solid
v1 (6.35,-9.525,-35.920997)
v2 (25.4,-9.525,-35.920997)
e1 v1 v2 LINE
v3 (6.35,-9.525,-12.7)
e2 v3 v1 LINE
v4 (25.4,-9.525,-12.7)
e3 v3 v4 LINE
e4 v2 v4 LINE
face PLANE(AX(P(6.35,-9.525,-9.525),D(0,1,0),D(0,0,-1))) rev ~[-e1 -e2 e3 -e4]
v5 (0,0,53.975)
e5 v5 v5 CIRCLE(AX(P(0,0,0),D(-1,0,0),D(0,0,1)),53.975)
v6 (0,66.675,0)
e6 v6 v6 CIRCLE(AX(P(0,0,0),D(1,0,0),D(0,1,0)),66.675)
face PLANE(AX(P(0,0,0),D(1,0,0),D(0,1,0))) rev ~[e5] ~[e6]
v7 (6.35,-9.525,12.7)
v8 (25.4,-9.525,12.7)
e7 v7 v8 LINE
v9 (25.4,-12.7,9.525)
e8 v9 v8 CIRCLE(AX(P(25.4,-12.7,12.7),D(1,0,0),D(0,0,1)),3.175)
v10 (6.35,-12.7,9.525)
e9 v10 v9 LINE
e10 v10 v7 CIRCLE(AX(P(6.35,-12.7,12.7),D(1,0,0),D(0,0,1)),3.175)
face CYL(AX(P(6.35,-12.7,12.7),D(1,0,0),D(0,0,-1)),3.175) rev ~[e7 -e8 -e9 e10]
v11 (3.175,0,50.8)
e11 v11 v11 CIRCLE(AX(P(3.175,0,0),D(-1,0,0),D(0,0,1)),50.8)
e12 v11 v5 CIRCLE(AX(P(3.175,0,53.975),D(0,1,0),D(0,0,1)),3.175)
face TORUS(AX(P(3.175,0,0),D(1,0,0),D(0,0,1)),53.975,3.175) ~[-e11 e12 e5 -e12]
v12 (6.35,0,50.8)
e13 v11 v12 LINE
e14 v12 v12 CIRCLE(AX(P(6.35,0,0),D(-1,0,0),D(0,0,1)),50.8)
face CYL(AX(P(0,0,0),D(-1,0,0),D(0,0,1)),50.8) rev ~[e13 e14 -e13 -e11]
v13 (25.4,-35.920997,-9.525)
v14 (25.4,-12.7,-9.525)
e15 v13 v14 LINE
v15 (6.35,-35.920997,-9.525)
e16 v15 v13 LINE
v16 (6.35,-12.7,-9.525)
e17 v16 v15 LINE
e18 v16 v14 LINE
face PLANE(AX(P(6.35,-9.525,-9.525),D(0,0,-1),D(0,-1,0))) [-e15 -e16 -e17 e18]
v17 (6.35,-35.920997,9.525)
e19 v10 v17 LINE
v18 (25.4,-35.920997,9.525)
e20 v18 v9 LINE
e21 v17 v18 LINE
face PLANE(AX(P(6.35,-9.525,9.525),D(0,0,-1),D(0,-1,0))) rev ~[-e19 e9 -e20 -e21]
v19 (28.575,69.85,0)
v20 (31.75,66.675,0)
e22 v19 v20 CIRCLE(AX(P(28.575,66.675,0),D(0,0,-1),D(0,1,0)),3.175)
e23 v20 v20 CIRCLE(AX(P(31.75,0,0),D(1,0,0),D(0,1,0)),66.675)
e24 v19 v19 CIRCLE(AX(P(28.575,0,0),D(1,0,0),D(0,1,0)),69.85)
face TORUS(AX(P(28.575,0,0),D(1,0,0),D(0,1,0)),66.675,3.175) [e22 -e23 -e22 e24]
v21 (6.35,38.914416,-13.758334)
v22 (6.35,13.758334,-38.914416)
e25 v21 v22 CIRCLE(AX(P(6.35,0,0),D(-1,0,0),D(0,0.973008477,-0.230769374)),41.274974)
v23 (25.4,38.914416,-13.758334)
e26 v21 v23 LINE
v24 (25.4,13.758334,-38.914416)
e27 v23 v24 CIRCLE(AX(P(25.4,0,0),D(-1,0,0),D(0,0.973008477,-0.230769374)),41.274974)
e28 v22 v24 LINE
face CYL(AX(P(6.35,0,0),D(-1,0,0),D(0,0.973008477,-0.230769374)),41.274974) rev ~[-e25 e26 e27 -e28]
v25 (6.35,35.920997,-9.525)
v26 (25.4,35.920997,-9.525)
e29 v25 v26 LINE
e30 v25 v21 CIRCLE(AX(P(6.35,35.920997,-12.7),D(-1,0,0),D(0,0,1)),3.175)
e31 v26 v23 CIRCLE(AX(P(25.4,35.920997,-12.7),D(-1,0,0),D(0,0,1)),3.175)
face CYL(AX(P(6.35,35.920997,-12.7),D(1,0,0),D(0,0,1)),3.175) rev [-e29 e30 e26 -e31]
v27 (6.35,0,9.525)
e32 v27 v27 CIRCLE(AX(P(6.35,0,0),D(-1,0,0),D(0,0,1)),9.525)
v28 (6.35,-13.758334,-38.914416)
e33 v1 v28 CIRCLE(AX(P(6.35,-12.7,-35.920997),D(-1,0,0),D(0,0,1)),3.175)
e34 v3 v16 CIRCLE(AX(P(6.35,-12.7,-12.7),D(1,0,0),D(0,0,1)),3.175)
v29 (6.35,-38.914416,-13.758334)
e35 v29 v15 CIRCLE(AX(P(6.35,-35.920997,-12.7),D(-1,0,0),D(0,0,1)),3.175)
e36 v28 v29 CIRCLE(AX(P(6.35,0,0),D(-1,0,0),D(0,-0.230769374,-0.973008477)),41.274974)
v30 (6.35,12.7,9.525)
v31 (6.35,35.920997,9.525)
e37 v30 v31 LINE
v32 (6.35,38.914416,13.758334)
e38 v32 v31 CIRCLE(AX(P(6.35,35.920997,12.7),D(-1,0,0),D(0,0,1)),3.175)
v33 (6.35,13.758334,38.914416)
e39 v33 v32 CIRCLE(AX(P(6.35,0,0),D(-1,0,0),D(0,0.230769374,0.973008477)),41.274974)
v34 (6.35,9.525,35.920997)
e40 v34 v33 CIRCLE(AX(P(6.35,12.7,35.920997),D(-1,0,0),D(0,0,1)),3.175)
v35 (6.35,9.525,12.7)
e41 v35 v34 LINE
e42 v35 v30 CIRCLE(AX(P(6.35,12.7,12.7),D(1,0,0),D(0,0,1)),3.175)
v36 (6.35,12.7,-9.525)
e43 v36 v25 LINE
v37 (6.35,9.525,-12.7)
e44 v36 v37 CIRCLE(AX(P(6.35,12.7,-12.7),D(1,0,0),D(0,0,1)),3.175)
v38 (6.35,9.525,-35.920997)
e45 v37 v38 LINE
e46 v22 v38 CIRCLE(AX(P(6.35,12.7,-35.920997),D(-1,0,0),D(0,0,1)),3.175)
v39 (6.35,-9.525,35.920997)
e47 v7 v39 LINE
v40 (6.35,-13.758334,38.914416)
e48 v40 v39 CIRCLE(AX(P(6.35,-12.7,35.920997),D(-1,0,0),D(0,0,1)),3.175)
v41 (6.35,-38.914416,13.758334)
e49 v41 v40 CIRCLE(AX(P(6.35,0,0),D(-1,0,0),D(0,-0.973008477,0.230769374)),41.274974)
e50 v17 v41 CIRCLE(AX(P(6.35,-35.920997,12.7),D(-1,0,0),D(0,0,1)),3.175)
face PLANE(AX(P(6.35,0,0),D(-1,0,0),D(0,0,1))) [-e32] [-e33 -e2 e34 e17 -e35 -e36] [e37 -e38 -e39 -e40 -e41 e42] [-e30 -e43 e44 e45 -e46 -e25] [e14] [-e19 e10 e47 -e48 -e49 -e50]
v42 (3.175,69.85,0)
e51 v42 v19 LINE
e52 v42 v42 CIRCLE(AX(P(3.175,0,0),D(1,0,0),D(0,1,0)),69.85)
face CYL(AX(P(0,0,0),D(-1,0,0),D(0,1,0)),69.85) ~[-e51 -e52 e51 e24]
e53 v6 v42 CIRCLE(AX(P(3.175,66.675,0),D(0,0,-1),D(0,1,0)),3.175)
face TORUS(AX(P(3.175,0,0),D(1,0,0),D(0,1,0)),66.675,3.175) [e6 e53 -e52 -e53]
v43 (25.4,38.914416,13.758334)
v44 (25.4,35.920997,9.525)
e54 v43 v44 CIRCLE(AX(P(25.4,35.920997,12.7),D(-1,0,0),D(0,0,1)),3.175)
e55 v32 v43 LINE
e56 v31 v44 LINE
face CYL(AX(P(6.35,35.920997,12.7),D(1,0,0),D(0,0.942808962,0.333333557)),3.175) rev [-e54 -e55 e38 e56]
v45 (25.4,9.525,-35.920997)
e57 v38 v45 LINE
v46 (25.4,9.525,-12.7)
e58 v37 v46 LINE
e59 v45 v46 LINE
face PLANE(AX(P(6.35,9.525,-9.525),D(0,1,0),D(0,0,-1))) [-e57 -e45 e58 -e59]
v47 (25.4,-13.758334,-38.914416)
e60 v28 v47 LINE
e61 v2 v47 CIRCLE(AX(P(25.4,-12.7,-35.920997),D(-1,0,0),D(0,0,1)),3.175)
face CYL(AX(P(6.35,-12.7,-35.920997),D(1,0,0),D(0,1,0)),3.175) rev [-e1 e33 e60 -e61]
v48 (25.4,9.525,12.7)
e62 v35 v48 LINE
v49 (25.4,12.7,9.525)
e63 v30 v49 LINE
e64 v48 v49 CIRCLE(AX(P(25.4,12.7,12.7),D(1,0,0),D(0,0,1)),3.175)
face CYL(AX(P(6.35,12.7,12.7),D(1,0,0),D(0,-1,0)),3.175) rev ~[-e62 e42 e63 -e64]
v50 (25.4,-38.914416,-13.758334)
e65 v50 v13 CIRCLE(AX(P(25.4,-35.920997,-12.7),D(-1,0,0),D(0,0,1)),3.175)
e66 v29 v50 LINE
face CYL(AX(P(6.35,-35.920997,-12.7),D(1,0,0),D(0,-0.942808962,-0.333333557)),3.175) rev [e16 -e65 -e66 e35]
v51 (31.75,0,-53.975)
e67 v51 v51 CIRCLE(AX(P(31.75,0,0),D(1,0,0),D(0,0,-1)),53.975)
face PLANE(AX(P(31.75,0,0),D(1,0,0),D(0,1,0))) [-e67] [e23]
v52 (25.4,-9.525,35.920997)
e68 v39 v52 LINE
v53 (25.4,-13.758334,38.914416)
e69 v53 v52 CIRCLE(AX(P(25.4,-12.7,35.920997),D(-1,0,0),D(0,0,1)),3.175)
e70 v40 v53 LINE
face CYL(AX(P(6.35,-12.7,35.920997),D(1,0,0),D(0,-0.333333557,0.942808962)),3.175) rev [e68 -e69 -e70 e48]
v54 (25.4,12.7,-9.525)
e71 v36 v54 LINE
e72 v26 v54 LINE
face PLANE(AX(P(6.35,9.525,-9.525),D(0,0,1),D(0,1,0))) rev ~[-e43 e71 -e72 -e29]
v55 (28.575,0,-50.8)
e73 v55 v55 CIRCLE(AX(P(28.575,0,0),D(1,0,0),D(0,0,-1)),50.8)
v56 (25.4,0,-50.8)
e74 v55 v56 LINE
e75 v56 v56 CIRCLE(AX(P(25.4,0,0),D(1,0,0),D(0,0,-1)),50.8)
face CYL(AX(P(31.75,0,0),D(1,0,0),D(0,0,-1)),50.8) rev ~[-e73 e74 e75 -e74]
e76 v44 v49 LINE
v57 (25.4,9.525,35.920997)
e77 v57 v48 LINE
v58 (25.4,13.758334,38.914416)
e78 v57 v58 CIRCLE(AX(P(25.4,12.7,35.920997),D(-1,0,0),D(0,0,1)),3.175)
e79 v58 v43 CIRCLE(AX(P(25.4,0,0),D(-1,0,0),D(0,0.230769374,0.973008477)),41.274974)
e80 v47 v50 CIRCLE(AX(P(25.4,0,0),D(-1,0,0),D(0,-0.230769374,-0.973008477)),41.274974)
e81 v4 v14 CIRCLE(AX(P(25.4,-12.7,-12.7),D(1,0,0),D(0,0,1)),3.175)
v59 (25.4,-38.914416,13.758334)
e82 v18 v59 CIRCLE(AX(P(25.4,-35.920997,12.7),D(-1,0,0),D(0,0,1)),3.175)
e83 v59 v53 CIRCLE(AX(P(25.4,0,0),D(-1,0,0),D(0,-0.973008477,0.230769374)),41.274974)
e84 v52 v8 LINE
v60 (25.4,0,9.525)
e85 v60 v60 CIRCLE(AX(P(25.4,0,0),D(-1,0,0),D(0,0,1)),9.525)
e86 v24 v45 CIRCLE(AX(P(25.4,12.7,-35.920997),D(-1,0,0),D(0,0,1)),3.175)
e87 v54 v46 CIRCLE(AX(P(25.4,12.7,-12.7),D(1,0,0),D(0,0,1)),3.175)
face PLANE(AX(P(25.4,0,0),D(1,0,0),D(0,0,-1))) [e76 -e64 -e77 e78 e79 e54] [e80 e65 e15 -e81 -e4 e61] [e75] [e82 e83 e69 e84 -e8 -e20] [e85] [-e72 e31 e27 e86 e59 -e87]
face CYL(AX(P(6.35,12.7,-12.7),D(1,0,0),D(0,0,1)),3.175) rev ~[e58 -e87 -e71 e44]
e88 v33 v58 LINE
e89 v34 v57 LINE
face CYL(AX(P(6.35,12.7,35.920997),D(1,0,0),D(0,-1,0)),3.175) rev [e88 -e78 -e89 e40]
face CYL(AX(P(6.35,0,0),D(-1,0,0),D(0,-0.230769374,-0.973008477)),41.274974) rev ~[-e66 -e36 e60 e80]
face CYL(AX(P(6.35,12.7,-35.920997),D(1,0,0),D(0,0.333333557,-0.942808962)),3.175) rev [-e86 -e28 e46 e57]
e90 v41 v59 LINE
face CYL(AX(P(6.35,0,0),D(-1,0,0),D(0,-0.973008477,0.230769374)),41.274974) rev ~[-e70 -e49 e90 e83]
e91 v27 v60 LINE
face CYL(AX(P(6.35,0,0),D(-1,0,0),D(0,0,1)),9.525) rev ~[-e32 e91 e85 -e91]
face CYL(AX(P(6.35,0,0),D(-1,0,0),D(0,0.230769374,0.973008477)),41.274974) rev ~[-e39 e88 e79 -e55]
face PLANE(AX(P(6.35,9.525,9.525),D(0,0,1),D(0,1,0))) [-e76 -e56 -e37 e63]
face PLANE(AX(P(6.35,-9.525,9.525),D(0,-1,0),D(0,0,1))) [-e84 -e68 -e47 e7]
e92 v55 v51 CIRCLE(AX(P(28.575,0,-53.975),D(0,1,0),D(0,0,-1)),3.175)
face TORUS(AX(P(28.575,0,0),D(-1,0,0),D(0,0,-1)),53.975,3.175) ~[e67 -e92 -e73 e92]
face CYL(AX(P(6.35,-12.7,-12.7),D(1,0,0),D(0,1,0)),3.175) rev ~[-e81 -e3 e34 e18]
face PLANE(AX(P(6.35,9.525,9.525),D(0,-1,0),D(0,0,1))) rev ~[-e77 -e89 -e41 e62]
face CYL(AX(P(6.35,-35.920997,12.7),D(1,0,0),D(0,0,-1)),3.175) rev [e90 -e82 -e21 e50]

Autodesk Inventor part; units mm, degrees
ref_plane "YZ Plane" through (0, 0, 0) normal (1, 0, 0) x (0, 1, 0)
ref_plane "XZ Plane" through (0, 0, 0) normal (0, 1, 0) x (-1, 0, 0)
ref_plane "XY Plane" through (0, 0, 0) normal (0, 0, 1) x (1, 0, 0)
sketch "Sketch1" plane through (0, 0, 0) normal (1, 0, 0) x (0, 1, 0)
  point P0 (0, 0)
sketch "Sketch2" plane through (0, 0, 0) normal (1, 0, 0) x (0, 1, 0)
  circle A0 centre (0, 0) radius 69.85
  dimension "d0" = 139.7
extrude "Extrusion1" add sketch "Sketch2" along normal blind 31.75
sketch "Sketch3" plane through (0, 0, 0) normal (-1, 0, 0) x (0, 0, 1)
  circle A0 centre (0, 0) radius 50.8
  dimension "d3" = 101.6
extrude "Extrusion2" cut sketch "Sketch3" against normal blind 6.35
sketch "Sketch4" plane through (31.75, 0, 0) normal (1, 0, 0) x (0, 0, -1)
  circle A0 centre (0, 0) radius 50.8
  dimension "d6" = 101.6
extrude "Extrusion3" cut sketch "Sketch4" against normal blind 6.35
sketch "Sketch5" plane through (6.35, 0, 0) normal (-1, 0, 0) x (0, 0, 1)
  circle A0 centre (0, 0) radius 9.525
  line L0 (9.525, 0) -> (9.525, 40.1609)
  circle A1 centre (0, 0) radius 50.8 projected
  line L1 (9.525, -9.525) -> (9.525, -40.1609)
  line L2 (-9.525, 9.525) -> (-40.1609, 9.525)
  line L3 (9.525, 9.525) -> (40.1609, 9.525)
  line L4 (-9.525, 9.525) -> (-9.525, 40.1609)
  line L5 (-9.525, -9.525) -> (-9.525, -40.1609)
  line L6 (-9.525, -9.525) -> (-40.1609, -9.525)
  line L7 (9.525, -9.525) -> (40.1609, -9.525)
  arc A2 (9.525, -40.1609) -> (40.1609, -9.525) centre (0, 0) ccw
  arc A3 (40.1609, 9.525) -> (9.525, 40.1609) centre (0, 0) ccw
  arc A4 (-9.525, 40.1609) -> (-40.1609, 9.525) centre (0, 0) ccw
  arc A5 (-40.1609, -9.525) -> (-9.525, -40.1609) centre (0, 0) ccw
sketch "Sketch6" plane through (6.35, 0, 0) normal (-1, 0, 0) x (0, 0, 1)
  point P0 (0, 0)
sketch "Sketch7" plane through (6.35, 0, 0) normal (-1, 0, 0) x (0, 0, 1)
  point P0 (0, 0)
extrude "Extrusion4" cut sketch "Sketch5" against normal through all contours A0 | L0 A3 L3 | L7 A2 L1 | L2 A4 L4 | L5 A5 L6
fillet "Fillet1" radius 3.175 12 edges at (15.875, 9.525, -9.525) (15.875, 9.525, 9.525) (15.875, -9.525, 9.525) (15.875, 40.1609, 9.525) (15.875, 9.525, 40.1609) (15.875, -40.1609, 9.525) (15.875, 9.525, -40.1609) (15.875, -9.525, -9.525) (15.875, -9.525, -40.1609) (15.875, -40.1609, -9.525) (15.875, -9.525, 40.1609) (15.875, 40.1609, -9.525)
fillet "Fillet2" radius 3.175 4 edges at (0, -69.85, 0) (0, 0, -50.8) (31.75, -69.85, 0) (31.75, 0, 50.8)
sketch "Sketch8" plane through (31.75, 0, 0) normal (1, 0, 0) x (0, 0, -1)
  point P0 (0, 0)
sketch "Sketch9" plane through (0, 0, 0) normal (0, 1, 0) x (-1, 0, 0)
  point P0 (0, 0)
sketch "Sketch10" plane through (25.4, 0, 0) normal (1, 0, 0) x (0, 0, -1)
  point P0 (0, 0)
properties part number "cock wheel"
